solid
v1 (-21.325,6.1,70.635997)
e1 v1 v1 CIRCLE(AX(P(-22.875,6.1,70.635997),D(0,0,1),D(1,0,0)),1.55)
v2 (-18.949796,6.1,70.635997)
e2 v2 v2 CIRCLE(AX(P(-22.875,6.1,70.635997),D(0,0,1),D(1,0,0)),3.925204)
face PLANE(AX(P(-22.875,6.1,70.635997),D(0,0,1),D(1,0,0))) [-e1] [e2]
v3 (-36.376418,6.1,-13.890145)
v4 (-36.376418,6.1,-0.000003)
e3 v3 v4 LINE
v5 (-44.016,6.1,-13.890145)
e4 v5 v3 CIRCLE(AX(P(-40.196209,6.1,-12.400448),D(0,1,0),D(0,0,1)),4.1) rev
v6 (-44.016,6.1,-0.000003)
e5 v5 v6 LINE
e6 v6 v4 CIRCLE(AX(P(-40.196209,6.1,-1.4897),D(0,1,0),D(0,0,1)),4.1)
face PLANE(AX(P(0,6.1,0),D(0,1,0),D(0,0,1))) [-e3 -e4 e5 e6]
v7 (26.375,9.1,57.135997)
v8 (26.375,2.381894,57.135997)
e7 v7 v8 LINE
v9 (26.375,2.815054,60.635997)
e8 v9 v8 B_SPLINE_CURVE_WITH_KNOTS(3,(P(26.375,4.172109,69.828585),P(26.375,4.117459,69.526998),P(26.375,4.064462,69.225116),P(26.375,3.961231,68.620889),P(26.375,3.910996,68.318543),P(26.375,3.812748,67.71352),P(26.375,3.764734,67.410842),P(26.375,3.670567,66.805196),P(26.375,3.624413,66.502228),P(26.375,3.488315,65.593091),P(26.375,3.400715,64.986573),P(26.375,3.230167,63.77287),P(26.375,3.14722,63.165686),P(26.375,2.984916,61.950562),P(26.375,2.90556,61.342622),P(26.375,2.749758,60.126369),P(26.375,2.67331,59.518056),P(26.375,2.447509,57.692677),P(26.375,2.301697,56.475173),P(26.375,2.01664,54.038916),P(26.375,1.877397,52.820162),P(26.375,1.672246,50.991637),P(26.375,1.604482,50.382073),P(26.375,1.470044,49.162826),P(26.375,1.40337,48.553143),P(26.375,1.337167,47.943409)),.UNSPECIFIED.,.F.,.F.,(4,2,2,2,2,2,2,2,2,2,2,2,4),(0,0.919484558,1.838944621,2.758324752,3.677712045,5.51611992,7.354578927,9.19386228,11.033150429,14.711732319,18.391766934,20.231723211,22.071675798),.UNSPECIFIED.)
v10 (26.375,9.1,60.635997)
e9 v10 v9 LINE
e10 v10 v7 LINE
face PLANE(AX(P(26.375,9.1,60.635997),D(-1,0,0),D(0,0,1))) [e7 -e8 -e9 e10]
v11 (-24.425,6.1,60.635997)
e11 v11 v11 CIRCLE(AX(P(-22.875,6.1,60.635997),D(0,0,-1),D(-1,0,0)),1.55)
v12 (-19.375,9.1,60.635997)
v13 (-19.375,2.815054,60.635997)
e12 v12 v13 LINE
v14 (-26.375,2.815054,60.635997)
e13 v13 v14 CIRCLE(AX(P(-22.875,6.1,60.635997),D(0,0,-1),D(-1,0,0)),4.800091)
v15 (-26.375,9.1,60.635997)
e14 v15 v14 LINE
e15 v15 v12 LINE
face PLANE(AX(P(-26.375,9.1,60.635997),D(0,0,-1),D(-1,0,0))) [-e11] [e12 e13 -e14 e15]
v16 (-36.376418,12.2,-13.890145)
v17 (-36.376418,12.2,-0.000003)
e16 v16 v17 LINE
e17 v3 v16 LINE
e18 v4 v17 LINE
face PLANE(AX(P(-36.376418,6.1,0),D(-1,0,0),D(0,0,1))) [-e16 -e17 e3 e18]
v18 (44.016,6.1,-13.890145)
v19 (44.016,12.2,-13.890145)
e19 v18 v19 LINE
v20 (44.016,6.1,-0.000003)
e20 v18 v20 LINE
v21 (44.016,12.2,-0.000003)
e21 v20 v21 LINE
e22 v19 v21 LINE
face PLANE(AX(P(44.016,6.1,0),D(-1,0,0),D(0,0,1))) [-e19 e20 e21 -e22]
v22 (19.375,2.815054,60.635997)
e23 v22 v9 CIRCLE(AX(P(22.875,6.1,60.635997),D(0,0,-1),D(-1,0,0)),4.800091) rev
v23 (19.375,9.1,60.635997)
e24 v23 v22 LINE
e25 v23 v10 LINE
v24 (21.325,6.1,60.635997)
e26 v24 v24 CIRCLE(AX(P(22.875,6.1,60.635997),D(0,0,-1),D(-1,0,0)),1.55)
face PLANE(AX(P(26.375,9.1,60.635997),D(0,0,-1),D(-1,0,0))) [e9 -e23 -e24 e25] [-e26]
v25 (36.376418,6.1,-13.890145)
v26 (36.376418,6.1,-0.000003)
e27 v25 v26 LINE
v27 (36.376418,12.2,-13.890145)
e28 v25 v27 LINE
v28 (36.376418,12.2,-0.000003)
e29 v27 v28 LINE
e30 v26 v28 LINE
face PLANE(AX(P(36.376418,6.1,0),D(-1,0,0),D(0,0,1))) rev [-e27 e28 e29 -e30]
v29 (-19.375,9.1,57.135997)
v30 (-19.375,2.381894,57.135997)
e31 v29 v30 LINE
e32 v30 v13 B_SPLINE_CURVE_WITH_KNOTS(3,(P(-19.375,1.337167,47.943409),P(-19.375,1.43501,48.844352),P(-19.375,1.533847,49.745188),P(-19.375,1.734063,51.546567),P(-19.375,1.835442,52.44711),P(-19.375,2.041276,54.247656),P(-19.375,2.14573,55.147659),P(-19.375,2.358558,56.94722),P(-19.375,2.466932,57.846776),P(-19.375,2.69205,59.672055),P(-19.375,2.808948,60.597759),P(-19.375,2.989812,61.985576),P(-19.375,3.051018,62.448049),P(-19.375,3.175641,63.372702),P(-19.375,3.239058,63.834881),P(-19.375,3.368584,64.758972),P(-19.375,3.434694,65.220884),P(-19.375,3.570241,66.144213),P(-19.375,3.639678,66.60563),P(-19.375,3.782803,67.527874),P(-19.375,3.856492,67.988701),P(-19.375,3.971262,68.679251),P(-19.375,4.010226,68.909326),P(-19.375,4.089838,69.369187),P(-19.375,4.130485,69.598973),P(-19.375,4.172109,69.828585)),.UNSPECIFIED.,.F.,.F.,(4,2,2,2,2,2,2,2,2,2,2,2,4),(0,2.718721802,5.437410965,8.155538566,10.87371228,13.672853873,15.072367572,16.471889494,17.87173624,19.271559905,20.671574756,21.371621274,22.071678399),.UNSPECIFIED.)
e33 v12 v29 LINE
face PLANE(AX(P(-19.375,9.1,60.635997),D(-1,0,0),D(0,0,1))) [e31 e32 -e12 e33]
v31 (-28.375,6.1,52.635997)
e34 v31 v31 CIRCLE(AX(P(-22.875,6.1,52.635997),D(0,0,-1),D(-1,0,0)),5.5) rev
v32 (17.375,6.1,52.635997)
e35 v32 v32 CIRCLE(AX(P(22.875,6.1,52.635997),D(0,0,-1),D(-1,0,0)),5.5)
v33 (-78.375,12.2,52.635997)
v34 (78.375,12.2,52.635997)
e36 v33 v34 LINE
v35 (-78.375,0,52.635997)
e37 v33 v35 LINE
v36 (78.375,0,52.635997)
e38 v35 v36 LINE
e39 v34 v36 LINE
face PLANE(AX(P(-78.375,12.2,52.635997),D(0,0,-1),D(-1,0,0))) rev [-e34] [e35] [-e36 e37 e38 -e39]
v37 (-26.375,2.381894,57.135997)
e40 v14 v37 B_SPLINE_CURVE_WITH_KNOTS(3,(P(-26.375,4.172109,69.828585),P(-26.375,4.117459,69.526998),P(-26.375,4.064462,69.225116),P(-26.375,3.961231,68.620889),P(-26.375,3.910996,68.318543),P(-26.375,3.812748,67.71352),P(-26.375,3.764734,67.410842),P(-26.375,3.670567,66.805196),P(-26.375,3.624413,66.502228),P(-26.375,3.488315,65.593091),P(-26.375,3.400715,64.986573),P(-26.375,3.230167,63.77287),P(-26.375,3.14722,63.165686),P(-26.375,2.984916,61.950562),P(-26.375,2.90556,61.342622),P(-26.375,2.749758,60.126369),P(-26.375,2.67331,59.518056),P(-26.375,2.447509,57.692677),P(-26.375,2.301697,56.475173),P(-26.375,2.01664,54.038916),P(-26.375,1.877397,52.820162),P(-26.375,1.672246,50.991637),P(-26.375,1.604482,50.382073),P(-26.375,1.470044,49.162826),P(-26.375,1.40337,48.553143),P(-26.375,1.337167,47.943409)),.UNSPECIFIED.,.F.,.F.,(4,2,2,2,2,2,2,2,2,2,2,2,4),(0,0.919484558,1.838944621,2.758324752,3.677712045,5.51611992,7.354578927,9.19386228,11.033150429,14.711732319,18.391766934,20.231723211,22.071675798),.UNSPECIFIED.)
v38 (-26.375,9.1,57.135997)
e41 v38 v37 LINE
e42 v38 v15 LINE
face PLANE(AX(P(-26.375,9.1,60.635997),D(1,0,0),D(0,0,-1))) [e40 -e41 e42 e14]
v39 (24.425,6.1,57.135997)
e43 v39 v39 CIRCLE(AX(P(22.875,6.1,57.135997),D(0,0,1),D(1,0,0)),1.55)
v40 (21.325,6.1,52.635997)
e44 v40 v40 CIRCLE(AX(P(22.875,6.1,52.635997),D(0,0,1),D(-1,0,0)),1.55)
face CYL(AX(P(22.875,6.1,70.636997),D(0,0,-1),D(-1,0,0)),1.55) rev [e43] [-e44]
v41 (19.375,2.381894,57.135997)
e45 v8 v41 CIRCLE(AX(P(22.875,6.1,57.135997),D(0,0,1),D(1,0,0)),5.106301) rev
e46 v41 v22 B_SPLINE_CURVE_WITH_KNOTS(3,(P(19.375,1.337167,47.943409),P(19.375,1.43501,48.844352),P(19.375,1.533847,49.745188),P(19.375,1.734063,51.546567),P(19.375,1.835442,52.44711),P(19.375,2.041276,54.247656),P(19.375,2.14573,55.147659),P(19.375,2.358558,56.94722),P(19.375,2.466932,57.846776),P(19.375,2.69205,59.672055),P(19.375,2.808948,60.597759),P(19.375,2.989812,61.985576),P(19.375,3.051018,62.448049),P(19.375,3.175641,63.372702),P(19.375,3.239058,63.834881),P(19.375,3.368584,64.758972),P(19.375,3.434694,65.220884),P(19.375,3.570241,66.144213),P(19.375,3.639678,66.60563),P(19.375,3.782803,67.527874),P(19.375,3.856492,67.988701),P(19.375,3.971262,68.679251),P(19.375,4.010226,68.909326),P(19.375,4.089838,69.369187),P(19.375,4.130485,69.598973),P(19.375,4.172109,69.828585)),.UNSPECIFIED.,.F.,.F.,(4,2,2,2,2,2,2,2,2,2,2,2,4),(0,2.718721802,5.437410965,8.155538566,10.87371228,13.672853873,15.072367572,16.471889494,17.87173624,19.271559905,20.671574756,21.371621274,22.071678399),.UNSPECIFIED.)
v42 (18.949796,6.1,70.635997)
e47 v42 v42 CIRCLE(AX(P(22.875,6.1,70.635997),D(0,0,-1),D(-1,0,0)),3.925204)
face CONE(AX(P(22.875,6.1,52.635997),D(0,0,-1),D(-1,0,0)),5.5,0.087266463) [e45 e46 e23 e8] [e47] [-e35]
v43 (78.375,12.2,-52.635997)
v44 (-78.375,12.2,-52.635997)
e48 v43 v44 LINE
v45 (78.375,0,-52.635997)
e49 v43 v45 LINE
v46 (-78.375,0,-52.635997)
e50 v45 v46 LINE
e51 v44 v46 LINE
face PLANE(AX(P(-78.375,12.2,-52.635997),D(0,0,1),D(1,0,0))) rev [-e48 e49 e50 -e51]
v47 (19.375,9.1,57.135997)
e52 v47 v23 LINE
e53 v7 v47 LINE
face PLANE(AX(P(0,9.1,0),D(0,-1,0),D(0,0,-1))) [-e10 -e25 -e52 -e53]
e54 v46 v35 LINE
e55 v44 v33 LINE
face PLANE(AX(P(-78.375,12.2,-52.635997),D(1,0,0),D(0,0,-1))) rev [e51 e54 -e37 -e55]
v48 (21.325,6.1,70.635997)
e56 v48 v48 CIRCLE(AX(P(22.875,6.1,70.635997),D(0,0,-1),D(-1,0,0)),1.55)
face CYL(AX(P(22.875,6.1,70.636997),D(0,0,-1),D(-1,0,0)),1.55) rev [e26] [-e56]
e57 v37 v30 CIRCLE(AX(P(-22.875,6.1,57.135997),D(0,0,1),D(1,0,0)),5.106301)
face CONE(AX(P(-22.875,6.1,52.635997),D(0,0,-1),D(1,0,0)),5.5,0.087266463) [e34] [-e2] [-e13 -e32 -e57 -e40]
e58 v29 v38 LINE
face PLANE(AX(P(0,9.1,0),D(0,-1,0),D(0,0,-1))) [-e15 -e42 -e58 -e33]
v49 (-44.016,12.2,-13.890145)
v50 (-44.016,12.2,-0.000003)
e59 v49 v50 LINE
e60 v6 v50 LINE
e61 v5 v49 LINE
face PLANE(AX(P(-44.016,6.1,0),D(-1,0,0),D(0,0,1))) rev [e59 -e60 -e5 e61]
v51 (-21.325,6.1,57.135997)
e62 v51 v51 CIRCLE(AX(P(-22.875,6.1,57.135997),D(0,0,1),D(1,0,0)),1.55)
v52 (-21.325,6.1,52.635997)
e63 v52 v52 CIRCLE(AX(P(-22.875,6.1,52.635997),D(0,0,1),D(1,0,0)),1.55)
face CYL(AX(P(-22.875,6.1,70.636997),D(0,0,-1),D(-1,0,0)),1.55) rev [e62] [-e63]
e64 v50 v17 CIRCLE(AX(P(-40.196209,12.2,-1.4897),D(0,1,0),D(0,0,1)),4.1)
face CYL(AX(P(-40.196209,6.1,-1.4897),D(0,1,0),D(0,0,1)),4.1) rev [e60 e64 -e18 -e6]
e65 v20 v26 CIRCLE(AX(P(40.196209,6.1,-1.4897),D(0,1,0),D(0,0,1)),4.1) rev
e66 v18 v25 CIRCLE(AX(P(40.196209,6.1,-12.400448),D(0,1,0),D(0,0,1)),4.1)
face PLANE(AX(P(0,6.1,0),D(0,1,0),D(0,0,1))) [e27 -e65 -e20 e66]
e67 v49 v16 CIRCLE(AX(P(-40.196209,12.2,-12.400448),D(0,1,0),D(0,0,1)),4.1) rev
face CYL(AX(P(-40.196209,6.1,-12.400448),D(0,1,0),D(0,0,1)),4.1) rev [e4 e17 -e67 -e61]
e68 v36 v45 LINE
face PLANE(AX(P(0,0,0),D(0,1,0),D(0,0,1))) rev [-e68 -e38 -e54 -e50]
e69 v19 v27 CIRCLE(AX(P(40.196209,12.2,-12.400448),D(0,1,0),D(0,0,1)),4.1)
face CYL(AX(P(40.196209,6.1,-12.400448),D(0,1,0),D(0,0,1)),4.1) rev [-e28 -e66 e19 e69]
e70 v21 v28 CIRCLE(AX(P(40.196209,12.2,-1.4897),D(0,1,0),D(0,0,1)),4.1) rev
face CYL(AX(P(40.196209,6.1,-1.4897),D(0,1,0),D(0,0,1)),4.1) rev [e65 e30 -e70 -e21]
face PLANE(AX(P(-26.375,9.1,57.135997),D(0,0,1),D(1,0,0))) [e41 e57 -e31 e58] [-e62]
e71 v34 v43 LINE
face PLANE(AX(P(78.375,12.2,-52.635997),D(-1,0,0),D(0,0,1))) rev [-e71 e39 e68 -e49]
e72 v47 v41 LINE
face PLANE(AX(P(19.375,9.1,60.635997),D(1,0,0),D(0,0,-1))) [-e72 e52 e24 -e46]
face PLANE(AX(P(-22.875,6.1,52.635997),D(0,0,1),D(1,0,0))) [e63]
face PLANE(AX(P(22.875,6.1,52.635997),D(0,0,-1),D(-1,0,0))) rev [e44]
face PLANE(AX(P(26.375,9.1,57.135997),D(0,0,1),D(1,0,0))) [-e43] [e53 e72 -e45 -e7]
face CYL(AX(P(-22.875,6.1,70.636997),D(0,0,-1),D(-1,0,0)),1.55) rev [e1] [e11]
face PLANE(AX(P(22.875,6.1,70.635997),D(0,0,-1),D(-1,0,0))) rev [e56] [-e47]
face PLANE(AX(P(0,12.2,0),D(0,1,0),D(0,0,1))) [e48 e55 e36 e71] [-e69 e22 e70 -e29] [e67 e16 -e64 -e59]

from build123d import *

# Parameters (mm, degrees)
SKETCH_1_W          = 156.75
SKETCH_1_H          = 105.271994628
EXTRUDE_1_DEPTH     = 12.2
SKETCH_2_W          = 7.639581741
SKETCH_2_H          = 13.89014237
CUT_EXTRUDE_1_DEPTH = 6.1
SKETCH_4_R          = 5.5
EXTRUDE_2_DEPTH     = 18
EXTRUDE_2_TAPER     = 5
CUT_EXTRUDE_2_REACH = 20
SKETCH_6_R          = 1.55
SKETCH_7_W          = 7
SKETCH_7_H          = 3.5
CUT_EXTRUDE_3_DEPTH = 9.1


with BuildPart() as part:
    # ｽｹｯﾁ1 → ﾎﾞｽ - 押し出し1 (new body)
    with BuildSketch(Plane(origin=(0, 0, 0), x_dir=(1, 0, 0), z_dir=(0, 1, 0))):
        Rectangle(SKETCH_1_W, SKETCH_1_H)
    extrude(amount=EXTRUDE_1_DEPTH)

    # ｽｹｯﾁ2 → ｶｯﾄ - 押し出し1 (cut)
    with BuildSketch(Plane(origin=(0, 12.2, 0), x_dir=(1, 0, 0), z_dir=(0, 1, 0))):
        with BuildLine():
            ThreePointArc((-44.016, 13.890145056), (-40.196209129, 16.500447871), (-36.376418259, 13.890145056))
            Line((-36.376418259, 13.890145056), (-44.016, 13.890145056))
        make_face()
        with Locations((-40.19620913, 6.945073871)):
            Rectangle(SKETCH_2_W, SKETCH_2_H)
        with BuildLine():
            Line((-44.016, 2.686e-06), (-36.376418259, 2.686e-06))
            ThreePointArc((-36.376418259, 2.686e-06), (-40.196209129, -2.610300128), (-44.016, 2.686e-06))
        make_face()
        with BuildLine():
            Line((44.016, 13.890145056), (36.376418259, 13.890145056))
            ThreePointArc((36.376418259, 13.890145056), (40.196209129, 16.500447871), (44.016, 13.890145056))
        make_face()
        with Locations((40.19620913, 6.945073871)):
            Rectangle(SKETCH_2_W, SKETCH_2_H)
        with BuildLine():
            ThreePointArc((44.016, 2.686e-06), (40.196209129, -2.610300128), (36.376418259, 2.686e-06))
            Line((36.376418259, 2.686e-06), (44.016, 2.686e-06))
        make_face()
    extrude(amount=-CUT_EXTRUDE_1_DEPTH, mode=Mode.SUBTRACT)

    # ｽｹｯﾁ4 → ﾎﾞｽ - 押し出し2 (add)
    with BuildSketch(Plane.XY.offset(52.635997314)):
        with Locations((-22.875, 6.1)):
            Circle(SKETCH_4_R)
        with Locations((22.875, 6.1)):
            Circle(SKETCH_4_R)
    extrude(amount=EXTRUDE_2_DEPTH, taper=EXTRUDE_2_TAPER)

    # ｽｹｯﾁ6 → ｶｯﾄ - 押し出し2 (cut, up to next)
    with BuildSketch(Plane.XY.offset(52.635997314), mode=Mode.PRIVATE) as cut_extrude_2_sk1:
        with Locations((-22.875, 6.1)):
            Circle(SKETCH_6_R)
    cut_extrude_2_tool1 = extrude(cut_extrude_2_sk1.sketch, amount=CUT_EXTRUDE_2_REACH, mode=Mode.PRIVATE) & part.part
    add(cut_extrude_2_tool1.solids().sort_by_distance((-22.875, 6.1, 52.635997))[0], mode=Mode.SUBTRACT)
    # ｽｹｯﾁ6 → ｶｯﾄ - 押し出し2 (cut, up to next)
    with BuildSketch(Plane.XY.offset(52.635997314), mode=Mode.PRIVATE) as cut_extrude_2_sk2:
        with Locations((22.875, 6.1)):
            Circle(SKETCH_6_R)
    cut_extrude_2_tool2 = extrude(cut_extrude_2_sk2.sketch, amount=CUT_EXTRUDE_2_REACH, mode=Mode.PRIVATE) & part.part
    add(cut_extrude_2_tool2.solids().sort_by_distance((22.875, 6.1, 52.635997))[0], mode=Mode.SUBTRACT)

    # ｽｹｯﾁ7 → ｶｯﾄ - 押し出し3 (cut)
    with BuildSketch(Plane(origin=(0, 0, 0), x_dir=(1, 0, 0), z_dir=(0, 1, 0))):
        with Locations((-22.875, -58.885997314)):
            Rectangle(SKETCH_7_W, SKETCH_7_H)
        with Locations((22.875, -58.885997314)):
            Rectangle(SKETCH_7_W, SKETCH_7_H)
    extrude(amount=CUT_EXTRUDE_3_DEPTH, mode=Mode.SUBTRACT)


solid = part.part
